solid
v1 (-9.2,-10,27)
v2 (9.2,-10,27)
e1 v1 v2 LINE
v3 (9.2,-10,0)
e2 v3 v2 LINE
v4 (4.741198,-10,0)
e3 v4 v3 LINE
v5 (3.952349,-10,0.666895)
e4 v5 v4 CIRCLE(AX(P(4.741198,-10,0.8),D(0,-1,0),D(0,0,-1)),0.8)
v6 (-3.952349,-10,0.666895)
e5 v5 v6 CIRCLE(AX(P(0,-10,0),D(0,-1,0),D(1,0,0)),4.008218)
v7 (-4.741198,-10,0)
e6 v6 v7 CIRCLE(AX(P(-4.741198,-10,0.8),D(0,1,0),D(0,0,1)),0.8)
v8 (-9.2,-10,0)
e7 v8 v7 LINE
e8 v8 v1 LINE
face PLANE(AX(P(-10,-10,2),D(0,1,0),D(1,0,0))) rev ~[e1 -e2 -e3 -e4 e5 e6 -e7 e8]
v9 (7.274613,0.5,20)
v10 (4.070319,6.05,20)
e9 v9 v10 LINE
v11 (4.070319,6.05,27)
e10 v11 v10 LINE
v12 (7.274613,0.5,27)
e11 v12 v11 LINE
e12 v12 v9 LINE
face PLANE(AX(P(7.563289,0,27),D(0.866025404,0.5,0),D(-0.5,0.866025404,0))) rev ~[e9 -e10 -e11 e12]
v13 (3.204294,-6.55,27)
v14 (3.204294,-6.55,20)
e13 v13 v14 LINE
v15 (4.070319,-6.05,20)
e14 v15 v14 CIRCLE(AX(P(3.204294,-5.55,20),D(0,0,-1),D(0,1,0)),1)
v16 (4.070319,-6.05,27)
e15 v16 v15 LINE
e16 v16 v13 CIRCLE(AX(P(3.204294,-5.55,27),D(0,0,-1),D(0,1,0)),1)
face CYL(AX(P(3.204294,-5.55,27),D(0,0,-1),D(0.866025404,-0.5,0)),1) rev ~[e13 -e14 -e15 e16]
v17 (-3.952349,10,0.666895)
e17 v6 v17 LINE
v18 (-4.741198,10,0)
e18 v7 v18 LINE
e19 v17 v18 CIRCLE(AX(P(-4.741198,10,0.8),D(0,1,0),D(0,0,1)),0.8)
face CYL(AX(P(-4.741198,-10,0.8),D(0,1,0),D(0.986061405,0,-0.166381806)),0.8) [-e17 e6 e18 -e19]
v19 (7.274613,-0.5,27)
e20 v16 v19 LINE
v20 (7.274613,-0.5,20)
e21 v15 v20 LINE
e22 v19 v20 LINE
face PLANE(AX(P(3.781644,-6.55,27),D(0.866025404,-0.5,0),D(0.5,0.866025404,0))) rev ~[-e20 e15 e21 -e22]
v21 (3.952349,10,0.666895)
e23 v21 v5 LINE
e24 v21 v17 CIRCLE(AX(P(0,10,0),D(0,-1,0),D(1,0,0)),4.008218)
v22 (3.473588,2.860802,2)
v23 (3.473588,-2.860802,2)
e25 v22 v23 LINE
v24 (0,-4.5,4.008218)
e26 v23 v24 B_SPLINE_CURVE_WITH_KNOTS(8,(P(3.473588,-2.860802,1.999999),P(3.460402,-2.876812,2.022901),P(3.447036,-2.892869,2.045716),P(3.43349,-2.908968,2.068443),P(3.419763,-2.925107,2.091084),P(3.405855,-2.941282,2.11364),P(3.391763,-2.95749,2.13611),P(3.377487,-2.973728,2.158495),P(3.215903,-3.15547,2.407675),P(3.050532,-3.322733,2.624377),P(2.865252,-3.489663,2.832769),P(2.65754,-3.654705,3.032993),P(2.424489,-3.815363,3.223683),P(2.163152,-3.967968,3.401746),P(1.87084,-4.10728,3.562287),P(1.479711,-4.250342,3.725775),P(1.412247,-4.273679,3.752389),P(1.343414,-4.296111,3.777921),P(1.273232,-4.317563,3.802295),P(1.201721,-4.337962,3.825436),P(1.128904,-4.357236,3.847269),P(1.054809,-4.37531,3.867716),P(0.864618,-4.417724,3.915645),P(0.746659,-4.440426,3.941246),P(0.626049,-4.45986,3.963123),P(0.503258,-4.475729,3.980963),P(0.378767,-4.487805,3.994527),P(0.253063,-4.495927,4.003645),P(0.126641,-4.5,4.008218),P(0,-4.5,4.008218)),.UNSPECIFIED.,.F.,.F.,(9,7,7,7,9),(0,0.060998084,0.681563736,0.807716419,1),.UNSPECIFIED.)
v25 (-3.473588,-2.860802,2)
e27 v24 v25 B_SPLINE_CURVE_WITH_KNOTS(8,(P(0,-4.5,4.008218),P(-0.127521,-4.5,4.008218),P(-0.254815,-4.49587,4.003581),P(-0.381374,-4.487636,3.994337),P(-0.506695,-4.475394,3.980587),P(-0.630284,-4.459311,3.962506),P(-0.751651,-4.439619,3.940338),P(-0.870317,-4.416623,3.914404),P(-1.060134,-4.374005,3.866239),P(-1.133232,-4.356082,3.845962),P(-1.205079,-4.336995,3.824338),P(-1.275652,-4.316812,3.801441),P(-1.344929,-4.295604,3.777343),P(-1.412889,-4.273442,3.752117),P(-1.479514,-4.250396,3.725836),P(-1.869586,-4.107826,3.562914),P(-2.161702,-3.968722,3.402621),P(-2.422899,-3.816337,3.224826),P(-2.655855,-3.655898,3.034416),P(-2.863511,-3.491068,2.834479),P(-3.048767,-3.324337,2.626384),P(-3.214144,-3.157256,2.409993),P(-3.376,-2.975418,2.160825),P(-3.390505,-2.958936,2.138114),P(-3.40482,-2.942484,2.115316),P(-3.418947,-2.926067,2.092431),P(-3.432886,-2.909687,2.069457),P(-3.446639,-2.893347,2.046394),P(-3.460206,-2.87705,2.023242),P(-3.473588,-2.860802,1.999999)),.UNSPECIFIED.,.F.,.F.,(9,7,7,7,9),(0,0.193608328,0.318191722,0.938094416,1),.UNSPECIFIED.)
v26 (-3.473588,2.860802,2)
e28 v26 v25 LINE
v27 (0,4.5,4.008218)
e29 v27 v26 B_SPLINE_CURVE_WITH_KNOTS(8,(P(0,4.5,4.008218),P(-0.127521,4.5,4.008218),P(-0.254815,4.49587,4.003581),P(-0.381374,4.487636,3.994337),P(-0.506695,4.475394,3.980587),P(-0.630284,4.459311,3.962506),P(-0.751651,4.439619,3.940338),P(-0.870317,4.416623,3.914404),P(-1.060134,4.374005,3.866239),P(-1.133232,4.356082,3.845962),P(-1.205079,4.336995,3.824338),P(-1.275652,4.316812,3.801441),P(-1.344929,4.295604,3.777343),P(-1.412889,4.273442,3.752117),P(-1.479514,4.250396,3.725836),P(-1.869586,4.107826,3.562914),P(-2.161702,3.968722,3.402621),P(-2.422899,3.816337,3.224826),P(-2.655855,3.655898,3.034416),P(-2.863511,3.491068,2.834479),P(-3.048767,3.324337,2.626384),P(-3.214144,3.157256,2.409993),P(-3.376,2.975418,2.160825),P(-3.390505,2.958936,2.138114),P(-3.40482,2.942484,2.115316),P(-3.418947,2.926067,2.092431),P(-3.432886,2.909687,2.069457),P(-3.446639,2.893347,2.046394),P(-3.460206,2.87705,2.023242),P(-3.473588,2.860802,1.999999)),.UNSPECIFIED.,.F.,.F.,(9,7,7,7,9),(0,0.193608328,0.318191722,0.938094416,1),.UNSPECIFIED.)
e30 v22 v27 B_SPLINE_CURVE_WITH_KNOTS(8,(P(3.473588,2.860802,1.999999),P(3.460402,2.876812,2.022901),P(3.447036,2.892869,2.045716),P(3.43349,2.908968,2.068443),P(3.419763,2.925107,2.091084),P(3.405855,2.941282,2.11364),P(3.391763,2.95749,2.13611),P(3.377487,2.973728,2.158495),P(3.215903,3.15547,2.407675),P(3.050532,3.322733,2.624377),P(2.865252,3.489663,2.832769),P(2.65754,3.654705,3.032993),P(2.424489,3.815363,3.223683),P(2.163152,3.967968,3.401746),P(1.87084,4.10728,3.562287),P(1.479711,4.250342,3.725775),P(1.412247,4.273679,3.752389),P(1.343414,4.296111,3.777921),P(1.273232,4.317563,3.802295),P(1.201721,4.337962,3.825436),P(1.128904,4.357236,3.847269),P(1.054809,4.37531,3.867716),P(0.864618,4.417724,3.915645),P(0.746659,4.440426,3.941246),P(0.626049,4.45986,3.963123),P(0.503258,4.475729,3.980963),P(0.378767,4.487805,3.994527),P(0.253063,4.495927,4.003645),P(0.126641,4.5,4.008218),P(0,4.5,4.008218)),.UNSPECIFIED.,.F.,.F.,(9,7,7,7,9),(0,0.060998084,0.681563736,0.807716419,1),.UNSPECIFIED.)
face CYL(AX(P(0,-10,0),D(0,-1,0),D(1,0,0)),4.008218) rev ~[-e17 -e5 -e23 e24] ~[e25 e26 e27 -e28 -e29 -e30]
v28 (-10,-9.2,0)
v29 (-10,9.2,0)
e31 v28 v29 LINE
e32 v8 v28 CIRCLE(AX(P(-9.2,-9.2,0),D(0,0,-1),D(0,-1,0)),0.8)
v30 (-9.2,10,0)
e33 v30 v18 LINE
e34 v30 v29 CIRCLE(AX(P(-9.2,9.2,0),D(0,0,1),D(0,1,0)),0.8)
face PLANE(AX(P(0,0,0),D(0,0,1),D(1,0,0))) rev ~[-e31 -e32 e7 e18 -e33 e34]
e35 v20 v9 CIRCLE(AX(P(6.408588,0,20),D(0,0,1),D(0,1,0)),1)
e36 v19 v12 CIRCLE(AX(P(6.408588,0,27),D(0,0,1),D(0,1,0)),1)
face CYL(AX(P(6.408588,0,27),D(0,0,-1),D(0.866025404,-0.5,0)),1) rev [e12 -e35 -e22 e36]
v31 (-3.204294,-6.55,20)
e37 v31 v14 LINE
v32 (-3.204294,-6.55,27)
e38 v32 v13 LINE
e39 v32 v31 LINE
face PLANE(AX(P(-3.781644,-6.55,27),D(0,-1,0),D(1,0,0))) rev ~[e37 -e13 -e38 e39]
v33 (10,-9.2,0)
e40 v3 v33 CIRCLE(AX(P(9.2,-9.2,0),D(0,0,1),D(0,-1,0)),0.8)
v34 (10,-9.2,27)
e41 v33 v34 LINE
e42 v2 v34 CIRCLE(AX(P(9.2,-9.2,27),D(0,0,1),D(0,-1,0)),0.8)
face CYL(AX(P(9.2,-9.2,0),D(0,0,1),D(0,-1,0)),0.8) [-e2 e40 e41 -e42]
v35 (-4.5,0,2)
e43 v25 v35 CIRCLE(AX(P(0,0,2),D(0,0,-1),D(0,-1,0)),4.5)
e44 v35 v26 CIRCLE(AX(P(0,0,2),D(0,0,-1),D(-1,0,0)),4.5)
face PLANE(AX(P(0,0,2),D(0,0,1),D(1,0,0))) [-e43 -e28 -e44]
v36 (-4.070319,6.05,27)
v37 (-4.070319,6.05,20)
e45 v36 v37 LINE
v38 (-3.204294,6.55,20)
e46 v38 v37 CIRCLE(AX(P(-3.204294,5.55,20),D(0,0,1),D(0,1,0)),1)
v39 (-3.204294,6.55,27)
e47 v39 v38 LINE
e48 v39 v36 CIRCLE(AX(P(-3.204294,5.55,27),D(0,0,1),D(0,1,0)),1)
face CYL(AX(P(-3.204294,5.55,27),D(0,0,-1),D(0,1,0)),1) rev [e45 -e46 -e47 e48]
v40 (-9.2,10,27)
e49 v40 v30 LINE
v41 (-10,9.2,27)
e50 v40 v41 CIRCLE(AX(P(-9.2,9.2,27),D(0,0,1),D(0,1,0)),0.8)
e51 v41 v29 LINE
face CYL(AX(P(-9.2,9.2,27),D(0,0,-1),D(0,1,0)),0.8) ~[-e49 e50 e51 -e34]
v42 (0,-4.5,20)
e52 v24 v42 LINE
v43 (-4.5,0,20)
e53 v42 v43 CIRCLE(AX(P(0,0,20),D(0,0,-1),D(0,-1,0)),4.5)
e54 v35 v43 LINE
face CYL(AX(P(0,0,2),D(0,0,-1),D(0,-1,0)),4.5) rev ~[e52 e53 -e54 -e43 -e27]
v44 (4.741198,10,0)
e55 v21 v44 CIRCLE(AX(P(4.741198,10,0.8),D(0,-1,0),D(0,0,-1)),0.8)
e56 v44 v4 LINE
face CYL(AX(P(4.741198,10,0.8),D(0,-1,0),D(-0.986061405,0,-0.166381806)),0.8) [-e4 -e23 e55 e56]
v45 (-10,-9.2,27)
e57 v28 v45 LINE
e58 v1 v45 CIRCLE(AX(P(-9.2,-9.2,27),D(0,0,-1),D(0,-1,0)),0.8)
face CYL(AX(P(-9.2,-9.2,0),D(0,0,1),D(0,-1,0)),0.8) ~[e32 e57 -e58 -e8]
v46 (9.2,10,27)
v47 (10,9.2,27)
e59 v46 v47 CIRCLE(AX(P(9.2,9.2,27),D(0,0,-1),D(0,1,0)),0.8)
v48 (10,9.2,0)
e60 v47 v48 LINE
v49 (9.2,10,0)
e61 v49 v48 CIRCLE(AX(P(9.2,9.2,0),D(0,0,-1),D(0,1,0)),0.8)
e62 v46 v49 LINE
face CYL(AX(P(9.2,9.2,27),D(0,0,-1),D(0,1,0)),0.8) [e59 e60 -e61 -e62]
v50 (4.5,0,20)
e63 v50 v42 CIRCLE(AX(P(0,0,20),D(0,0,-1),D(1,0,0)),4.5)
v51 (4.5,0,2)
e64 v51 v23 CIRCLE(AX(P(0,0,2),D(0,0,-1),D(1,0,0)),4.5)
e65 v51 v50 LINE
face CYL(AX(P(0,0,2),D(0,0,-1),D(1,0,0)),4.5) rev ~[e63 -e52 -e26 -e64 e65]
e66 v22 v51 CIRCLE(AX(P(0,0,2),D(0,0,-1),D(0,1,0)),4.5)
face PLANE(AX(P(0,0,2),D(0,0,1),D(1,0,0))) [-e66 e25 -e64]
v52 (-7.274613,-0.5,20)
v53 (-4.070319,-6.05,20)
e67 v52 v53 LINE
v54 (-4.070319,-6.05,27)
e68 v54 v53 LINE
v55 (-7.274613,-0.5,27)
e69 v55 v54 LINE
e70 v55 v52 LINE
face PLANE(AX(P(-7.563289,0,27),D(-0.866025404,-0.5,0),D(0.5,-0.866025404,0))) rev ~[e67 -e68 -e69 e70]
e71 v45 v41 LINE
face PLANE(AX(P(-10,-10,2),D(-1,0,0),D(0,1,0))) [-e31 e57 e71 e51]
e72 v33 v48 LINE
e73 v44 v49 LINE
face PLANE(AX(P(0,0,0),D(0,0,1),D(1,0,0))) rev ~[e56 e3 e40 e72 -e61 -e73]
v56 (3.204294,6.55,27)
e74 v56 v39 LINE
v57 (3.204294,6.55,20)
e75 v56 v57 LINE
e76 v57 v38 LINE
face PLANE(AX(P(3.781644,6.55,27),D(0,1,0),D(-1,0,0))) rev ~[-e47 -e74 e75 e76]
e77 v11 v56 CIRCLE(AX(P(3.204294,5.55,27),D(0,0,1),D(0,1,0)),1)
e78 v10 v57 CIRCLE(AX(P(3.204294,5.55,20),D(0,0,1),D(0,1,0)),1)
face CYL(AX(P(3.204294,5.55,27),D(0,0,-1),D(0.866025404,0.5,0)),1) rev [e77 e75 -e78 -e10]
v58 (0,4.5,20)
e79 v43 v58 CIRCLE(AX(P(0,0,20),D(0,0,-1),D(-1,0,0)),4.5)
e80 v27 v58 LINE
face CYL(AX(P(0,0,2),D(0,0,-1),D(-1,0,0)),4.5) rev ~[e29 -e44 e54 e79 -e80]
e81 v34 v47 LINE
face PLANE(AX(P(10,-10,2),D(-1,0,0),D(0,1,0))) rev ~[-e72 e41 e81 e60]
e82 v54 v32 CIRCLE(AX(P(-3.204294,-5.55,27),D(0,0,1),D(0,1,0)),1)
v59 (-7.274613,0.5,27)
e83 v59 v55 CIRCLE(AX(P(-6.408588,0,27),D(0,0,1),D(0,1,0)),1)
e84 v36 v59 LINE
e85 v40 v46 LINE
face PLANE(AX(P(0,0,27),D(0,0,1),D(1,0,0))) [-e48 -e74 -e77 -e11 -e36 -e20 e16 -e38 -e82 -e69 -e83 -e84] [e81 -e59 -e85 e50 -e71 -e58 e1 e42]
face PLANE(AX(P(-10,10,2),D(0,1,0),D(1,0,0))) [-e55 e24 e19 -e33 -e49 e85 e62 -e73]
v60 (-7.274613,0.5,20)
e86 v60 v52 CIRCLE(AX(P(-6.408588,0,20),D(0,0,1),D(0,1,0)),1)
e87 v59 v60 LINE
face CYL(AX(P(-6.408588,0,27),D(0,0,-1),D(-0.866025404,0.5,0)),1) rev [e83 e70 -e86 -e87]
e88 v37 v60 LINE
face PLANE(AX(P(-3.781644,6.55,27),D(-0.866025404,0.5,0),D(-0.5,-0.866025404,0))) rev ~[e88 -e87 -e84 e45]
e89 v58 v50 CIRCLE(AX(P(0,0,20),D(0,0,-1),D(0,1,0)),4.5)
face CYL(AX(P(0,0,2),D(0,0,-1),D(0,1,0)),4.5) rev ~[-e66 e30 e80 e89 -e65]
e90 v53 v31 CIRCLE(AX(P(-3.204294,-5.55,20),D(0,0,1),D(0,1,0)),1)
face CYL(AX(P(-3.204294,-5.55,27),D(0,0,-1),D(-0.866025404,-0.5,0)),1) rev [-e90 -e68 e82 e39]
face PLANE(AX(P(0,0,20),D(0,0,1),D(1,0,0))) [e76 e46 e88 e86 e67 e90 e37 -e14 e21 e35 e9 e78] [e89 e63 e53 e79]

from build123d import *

# Parameters (mm, degrees)
F0_W     = 20
F0_H     = 20
F1_DEPTH = 2
F2_W     = 20
F2_H     = 20
F3_DEPTH = 25
F5_W     = 9
F5_H     = 9
F6_DEPTH = 7
F7_R     = 1
F8_DEPTH = 18
F9_DEPTH = 24.8
F10_R    = 0.8
F11_R    = 0.8


with BuildPart() as f1:
    # F0 (on Top) → F1 (new body)
    with BuildSketch(Plane.XY):
        Rectangle(F0_W, F0_H)
    extrude(amount=F1_DEPTH)

    # F2 (on face) → F3 (join)
    with BuildSketch(Plane.XY.offset(2)):
        Rectangle(F2_W, F2_H)
        Polygon((0, -4.5), (-4.5, -4.5), (-4.5, 0), (-4.5, 4.5), (0, 4.5), (4.5, 4.5), (4.5, 0), (4.5, -4.5), align=None, mode=Mode.SUBTRACT)
    extrude(amount=F3_DEPTH)

    # F5 (on face) → F6 (cut)
    with BuildSketch(Plane.XY.offset(27)):
        Polygon((3.7816442632, -6.55), (7.5632885264, 0), (3.7816442632, 6.55), (-3.7816442632, 6.55), (-7.5632885264, 0), (-3.7816442632, -6.55), align=None)
        Rectangle(F5_W, F5_H, mode=Mode.SUBTRACT)
    extrude(amount=-F6_DEPTH, mode=Mode.SUBTRACT)

    # F7
    f7_edges = [f1.edges().sort_by_distance(p)[0] for p in [
        (3.781644, -6.55, 23.5),
        (7.563289, 0, 23.5),
        (3.781644, 6.55, 23.5),
        (-3.781644, 6.55, 23.5),
        (-7.563289, 0, 23.5),
        (-3.781644, -6.55, 23.5),
    ]]
    fillet(f7_edges, radius=F7_R)

    # F2 (on face) → F8 (join)
    with BuildSketch(Plane.XY.offset(2)):
        Rectangle(F2_W, F2_H)
        Polygon((0, -4.5), (-4.5, -4.5), (-4.5, 0), (-4.5, 4.5), (0, 4.5), (4.5, 4.5), (4.5, 0), (4.5, -4.5), align=None, mode=Mode.SUBTRACT)
        with BuildLine():
            ThreePointArc((4.5, 0), (3.1819805153, -3.1819805153), (0, -4.5))
            Line((0, -4.5), (4.5, -4.5))
            Line((4.5, -4.5), (4.5, 0))
        make_face()
        with BuildLine():
            Line((-4.5, 0), (-4.5, -4.5))
            Line((-4.5, -4.5), (0, -4.5))
            ThreePointArc((0, -4.5), (-3.1819805153, -3.1819805153), (-4.5, 0))
        make_face()
        with BuildLine():
            Line((-4.5, 4.5), (-4.5, 0))
            ThreePointArc((-4.5, 0), (-3.1819805153, 3.1819805153), (0, 4.5))
            Line((0, 4.5), (-4.5, 4.5))
        make_face()
        with BuildLine():
            ThreePointArc((0, 4.5), (3.1819805153, 3.1819805153), (4.5, 0))
            Line((4.5, 0), (4.5, 4.5))
            Line((4.5, 4.5), (0, 4.5))
        make_face()
    extrude(amount=F8_DEPTH)

    # F4 (on face) → F9 (cut, symmetric)
    with BuildSketch(Plane.XZ.offset(10)):
        with BuildLine():
            Line((-4.0082180343, 0), (4.0082180343, 0))
            ThreePointArc((4.0082180343, 0), (0, 4.0082180343), (-4.0082180343, 0))
        make_face()
    extrude(amount=F9_DEPTH, both=True, mode=Mode.SUBTRACT)

    # F10
    f10_edges = [f1.edges().sort_by_distance(p)[0] for p in [
        (4.008218, 0, 0),
        (-4.008218, 0, 0),
    ]]
    fillet(f10_edges, radius=F10_R)

    # F11
    f11_edges = [f1.edges().sort_by_distance(p)[0] for p in [
        (10, -10, 13.5),
        (-10, -10, 13.5),
        (-10, 10, 13.5),
        (10, 10, 13.5),
    ]]
    fillet(f11_edges, radius=F11_R)


solid = f1.part
